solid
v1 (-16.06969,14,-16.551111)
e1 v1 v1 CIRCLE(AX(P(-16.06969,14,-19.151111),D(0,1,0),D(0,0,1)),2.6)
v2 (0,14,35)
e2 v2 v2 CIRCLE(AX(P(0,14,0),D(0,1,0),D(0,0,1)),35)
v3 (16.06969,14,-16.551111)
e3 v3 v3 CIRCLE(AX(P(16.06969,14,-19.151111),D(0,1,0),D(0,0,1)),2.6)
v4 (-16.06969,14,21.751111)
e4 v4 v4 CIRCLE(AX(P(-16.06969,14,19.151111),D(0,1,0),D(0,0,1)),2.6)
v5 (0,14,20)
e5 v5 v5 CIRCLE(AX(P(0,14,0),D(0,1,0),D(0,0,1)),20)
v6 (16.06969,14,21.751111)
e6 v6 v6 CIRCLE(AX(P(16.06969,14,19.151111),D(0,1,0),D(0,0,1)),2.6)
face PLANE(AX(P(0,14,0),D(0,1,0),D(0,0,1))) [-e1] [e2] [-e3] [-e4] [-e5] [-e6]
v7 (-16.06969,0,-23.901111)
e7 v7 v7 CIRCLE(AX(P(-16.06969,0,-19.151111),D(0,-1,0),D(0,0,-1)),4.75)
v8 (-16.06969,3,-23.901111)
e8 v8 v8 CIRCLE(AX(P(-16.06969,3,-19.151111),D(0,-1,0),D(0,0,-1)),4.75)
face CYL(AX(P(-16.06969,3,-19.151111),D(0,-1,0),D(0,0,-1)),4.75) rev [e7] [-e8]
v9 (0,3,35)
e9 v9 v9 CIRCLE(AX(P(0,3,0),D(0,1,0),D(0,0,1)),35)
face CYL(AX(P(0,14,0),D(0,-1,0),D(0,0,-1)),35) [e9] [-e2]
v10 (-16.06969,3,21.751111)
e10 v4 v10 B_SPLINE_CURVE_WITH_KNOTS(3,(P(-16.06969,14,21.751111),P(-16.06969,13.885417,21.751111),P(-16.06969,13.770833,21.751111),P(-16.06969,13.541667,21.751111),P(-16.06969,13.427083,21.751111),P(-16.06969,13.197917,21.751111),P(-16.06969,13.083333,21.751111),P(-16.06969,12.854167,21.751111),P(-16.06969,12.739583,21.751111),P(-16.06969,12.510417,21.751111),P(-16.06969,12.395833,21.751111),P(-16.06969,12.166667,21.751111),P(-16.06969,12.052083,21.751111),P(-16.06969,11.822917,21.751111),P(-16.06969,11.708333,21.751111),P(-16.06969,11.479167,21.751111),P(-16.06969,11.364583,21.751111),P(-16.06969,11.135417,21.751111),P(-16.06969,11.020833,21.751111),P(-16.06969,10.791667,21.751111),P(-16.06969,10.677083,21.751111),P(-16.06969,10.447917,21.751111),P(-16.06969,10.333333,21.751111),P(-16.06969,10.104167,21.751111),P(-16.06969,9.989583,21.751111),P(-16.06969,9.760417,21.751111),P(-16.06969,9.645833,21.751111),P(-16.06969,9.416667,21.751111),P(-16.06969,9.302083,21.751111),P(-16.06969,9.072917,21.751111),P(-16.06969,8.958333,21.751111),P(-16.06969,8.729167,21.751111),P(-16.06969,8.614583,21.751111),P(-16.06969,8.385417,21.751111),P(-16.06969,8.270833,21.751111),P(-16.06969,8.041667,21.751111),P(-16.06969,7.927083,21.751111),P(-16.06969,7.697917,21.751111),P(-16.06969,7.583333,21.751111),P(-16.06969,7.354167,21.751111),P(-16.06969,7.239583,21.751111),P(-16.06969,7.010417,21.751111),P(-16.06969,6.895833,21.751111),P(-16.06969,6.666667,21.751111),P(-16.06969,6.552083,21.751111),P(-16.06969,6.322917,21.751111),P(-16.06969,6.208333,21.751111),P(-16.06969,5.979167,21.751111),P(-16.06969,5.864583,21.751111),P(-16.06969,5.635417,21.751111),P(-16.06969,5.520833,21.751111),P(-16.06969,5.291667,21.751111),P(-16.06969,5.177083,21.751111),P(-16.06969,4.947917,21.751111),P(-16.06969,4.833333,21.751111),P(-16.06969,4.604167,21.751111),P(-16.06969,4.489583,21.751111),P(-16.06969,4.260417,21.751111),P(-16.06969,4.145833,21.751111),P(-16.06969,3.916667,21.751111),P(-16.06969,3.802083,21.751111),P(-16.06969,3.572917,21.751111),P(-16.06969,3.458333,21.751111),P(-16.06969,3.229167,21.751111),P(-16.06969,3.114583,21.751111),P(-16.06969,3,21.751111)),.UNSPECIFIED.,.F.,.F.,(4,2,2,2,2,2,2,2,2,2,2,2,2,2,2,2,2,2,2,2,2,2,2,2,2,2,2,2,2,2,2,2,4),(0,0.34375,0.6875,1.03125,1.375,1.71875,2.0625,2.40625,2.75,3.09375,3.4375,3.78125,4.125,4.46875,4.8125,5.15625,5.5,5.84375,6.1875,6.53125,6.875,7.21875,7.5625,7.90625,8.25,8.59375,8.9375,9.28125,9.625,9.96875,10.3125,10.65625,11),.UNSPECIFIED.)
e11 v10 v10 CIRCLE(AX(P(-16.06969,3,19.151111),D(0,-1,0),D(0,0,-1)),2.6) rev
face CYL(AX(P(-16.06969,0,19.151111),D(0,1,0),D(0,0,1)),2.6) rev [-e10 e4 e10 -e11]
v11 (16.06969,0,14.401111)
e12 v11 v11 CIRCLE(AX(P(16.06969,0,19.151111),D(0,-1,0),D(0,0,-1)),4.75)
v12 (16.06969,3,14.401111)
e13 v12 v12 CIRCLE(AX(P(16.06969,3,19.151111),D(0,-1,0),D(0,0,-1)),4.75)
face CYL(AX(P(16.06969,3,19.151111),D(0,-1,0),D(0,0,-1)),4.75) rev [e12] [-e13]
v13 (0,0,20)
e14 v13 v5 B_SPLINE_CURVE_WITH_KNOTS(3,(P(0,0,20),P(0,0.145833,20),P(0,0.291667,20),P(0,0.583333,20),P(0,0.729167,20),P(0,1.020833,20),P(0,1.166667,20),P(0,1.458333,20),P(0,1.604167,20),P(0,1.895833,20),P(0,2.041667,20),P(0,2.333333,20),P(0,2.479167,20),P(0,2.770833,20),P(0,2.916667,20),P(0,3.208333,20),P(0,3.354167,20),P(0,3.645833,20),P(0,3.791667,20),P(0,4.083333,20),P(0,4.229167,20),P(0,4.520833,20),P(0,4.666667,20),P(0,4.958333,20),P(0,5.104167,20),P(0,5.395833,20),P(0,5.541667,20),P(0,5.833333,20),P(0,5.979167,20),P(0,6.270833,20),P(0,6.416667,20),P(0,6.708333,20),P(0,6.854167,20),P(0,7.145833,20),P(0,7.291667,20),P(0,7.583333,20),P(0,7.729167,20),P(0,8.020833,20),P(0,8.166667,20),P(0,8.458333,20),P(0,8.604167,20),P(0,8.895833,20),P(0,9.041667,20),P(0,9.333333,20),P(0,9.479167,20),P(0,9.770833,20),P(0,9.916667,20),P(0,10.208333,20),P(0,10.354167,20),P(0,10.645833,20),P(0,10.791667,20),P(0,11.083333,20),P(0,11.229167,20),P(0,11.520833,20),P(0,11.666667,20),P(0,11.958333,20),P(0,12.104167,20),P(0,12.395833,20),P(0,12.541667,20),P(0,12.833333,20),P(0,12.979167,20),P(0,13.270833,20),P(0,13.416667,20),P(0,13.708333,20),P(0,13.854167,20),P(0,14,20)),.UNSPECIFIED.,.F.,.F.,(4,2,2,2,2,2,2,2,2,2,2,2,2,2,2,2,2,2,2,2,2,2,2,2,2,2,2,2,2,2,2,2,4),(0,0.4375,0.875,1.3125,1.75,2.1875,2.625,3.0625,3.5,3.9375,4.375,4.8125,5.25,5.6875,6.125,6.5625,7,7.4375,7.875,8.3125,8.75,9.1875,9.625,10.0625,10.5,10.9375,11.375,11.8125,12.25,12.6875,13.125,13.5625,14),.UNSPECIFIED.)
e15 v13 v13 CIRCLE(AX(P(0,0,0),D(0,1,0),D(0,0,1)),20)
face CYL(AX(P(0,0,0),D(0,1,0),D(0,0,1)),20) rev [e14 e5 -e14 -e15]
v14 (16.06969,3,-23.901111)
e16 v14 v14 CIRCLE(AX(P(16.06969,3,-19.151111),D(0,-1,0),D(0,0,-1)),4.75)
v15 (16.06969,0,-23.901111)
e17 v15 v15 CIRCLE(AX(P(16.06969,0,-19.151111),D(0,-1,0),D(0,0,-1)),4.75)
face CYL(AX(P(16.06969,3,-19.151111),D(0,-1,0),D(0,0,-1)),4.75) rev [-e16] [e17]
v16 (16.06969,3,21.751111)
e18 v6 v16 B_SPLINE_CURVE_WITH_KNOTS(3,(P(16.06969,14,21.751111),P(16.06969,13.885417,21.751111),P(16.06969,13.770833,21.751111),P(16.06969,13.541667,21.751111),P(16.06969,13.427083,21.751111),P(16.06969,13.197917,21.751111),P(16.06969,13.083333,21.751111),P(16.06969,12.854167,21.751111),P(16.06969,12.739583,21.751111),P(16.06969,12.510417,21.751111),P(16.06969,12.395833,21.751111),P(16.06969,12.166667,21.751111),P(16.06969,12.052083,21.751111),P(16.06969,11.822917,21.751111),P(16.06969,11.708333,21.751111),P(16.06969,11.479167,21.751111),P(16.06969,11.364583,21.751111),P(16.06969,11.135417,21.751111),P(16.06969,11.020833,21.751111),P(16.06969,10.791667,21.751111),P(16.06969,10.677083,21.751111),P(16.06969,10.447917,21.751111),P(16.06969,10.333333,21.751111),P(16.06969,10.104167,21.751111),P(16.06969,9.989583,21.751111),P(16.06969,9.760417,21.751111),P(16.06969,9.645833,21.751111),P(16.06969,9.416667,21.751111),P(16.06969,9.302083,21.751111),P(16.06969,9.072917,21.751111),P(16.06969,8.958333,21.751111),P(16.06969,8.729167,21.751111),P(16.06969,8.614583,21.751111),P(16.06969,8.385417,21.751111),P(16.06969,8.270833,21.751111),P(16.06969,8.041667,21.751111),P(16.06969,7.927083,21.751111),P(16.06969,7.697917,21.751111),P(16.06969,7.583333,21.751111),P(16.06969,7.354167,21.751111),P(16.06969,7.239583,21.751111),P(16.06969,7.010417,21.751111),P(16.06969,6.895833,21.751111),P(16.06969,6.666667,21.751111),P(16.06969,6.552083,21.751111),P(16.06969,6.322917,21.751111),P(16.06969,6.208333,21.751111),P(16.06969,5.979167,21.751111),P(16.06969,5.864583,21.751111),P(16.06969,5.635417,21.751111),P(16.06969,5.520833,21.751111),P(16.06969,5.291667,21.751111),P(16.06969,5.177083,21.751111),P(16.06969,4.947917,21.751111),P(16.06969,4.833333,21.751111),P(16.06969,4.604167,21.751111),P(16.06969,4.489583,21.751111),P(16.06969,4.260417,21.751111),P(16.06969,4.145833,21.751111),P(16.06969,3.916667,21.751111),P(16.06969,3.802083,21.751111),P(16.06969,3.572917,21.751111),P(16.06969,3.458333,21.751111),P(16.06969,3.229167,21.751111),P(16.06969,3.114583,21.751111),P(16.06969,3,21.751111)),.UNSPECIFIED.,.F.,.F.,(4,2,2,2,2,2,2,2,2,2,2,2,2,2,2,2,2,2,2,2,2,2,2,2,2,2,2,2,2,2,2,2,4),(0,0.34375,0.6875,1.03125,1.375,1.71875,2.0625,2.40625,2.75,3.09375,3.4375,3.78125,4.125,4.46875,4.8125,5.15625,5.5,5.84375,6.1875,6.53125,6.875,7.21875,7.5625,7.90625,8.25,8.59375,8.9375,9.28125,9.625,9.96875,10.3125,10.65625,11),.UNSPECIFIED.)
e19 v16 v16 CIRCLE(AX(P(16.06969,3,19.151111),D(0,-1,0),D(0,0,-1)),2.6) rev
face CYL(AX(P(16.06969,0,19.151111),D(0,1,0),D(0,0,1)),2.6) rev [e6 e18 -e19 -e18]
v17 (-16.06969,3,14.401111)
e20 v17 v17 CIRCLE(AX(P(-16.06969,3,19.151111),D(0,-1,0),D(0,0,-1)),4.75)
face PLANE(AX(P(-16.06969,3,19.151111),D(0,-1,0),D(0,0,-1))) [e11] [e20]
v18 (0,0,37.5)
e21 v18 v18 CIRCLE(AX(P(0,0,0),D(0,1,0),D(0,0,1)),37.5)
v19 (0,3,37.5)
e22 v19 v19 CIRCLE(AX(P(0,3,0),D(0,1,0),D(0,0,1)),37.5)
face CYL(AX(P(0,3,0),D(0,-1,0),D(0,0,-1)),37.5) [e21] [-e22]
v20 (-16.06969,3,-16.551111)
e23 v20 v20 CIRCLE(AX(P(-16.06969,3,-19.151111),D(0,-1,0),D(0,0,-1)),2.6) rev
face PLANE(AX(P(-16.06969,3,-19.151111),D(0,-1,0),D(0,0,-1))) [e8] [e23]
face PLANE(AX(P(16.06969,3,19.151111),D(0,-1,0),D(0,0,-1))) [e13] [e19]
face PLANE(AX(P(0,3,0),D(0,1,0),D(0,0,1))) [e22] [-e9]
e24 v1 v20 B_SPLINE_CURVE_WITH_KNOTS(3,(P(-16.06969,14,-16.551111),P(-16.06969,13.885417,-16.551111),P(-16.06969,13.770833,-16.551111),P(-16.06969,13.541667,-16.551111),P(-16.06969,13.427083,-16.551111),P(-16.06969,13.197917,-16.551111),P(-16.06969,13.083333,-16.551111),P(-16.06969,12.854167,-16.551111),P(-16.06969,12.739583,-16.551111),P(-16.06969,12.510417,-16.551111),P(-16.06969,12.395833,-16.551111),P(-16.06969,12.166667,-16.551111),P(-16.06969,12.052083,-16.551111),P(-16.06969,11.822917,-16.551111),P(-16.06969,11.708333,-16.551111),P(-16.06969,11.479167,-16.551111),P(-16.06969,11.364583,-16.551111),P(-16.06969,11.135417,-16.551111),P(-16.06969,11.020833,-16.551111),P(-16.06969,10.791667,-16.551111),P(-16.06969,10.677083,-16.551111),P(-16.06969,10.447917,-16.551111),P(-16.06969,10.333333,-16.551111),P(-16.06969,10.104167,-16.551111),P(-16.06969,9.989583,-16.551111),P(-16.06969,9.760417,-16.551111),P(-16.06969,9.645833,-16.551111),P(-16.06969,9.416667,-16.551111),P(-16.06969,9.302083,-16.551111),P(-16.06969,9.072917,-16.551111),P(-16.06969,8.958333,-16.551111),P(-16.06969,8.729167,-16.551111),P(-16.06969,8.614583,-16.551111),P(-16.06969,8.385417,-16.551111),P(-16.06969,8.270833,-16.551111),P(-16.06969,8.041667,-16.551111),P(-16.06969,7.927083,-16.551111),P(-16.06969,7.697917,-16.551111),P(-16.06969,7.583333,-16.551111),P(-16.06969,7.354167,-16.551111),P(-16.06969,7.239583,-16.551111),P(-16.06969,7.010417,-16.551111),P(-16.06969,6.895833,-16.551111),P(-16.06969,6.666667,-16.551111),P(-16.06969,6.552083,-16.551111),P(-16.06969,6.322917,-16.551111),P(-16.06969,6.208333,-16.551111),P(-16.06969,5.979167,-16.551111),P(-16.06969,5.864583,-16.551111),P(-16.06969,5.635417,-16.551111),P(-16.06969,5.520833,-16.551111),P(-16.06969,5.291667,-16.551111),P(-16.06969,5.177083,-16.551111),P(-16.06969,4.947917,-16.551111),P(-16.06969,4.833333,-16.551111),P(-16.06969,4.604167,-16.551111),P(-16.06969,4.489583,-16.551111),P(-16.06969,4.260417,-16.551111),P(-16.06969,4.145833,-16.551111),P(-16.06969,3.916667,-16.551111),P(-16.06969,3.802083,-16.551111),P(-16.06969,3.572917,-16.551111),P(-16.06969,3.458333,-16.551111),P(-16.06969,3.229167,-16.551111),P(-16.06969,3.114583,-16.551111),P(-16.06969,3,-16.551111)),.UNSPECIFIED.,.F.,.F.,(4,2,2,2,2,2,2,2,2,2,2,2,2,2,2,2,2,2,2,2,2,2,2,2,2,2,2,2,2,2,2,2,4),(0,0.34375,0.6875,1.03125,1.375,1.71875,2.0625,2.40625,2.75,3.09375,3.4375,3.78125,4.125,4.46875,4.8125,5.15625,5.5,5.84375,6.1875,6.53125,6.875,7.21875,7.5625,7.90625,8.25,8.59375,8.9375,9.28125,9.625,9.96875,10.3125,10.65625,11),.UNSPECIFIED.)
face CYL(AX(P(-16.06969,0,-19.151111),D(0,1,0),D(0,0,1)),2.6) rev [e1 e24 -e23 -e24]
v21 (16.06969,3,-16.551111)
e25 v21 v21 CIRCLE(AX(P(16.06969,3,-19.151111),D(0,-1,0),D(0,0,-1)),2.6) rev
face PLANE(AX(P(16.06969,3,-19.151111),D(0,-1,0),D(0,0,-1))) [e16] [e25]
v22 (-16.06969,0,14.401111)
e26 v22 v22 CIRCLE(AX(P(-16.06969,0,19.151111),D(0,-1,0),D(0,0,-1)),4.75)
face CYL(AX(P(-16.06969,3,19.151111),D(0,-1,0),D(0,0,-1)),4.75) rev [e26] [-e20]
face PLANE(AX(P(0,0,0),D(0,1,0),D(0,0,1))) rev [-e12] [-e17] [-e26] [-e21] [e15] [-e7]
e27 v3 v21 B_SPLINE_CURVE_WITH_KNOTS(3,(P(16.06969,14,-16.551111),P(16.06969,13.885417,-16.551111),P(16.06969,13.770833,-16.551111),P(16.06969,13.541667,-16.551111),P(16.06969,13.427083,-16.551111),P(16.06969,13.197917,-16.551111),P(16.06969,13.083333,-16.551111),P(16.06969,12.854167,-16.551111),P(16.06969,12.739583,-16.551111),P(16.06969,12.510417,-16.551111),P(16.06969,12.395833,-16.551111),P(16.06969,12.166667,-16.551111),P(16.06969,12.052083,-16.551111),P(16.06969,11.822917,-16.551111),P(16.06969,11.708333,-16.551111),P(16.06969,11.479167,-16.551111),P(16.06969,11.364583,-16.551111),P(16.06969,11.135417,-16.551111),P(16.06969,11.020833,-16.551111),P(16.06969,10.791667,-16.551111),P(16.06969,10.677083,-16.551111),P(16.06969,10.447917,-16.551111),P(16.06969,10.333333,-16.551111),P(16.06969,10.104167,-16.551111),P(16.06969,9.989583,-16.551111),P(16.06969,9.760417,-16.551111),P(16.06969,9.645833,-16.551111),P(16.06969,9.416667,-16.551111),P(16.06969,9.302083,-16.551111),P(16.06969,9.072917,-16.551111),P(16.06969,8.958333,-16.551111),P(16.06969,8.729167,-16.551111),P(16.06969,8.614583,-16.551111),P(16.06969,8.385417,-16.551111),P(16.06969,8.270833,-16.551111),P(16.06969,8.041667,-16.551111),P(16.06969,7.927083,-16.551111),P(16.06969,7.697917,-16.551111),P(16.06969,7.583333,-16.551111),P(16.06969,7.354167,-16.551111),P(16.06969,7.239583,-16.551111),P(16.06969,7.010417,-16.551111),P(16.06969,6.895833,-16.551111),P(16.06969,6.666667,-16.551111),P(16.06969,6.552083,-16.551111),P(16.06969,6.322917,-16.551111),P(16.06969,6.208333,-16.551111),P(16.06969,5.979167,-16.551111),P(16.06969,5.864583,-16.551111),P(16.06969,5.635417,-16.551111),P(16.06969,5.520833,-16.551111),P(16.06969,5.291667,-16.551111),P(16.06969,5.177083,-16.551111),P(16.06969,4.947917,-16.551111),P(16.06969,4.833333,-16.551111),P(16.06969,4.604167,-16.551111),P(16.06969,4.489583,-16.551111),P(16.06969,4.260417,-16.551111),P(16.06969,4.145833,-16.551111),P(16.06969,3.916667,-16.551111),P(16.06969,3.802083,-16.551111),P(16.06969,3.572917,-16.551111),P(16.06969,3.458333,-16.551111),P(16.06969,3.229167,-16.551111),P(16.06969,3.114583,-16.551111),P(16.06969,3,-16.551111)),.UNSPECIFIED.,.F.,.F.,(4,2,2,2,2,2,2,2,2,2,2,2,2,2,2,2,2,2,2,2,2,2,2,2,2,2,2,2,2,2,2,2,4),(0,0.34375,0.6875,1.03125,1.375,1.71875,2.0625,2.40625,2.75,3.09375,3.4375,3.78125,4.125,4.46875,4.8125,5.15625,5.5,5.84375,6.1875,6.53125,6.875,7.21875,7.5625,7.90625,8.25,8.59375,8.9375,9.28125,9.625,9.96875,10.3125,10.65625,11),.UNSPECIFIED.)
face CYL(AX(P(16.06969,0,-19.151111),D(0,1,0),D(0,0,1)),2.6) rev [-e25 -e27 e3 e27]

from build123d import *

# Parameters (mm, degrees)
SKETCH1_R           = 37.5
BOSS_EXTRUDE1_DEPTH = 3
SKETCH2_R           = 35
BOSS_EXTRUDE2_DEPTH = 11
SKETCH4_R           = 2.6
CUT_EXTRUDE2_DEPTH  = 55.849794895
SKETCH5_R           = 20
CUT_EXTRUDE3_DEPTH  = 55.849794895
SKETCH6_R           = 4.75
CUT_EXTRUDE4_DEPTH  = 3


with BuildPart() as part:
    # Sketch1 → Boss-Extrude1 (new body)
    with BuildSketch(Plane(origin=(0, 0, 0), x_dir=(1, 0, 0), z_dir=(0, 1, 0))):
        with Locations(Location((0, 0, 0), (0, 0, 270))):
            Circle(SKETCH1_R)
    extrude(amount=BOSS_EXTRUDE1_DEPTH)

    # Sketch2 → Boss-Extrude2 (add)
    with BuildSketch(Plane(origin=(0, 3, 0), x_dir=(1, 0, 0), z_dir=(0, 1, 0))):
        with Locations(Location((0, 0, 0), (0, 0, 270))):
            Circle(SKETCH2_R)
    extrude(amount=BOSS_EXTRUDE2_DEPTH)

    # Sketch4 → Cut-Extrude2 (cut, through all)
    with BuildSketch(Plane(origin=(0, 14, 0), x_dir=(1, 0, 0), z_dir=(0, 1, 0))):
        with Locations(Location((-16.069690242, 19.151111078, 0), (0, 0, 270))):
            Circle(SKETCH4_R)
        with Locations(Location((16.069690242, 19.151111078, 0), (0, 0, 270))):
            Circle(SKETCH4_R)
        with Locations(Location((16.069690242, -19.151111078, 0), (0, 0, 270))):
            Circle(SKETCH4_R)
        with Locations(Location((-16.069690242, -19.151111078, 0), (0, 0, 270))):
            Circle(SKETCH4_R)
    extrude(amount=-CUT_EXTRUDE2_DEPTH, mode=Mode.SUBTRACT)

    # Sketch5 → Cut-Extrude3 (cut, through all)
    with BuildSketch(Plane(origin=(0, 14, 0), x_dir=(1, 0, 0), z_dir=(0, 1, 0))):
        with Locations(Location((0, 0, 0), (0, 0, 270))):
            Circle(SKETCH5_R)
    extrude(amount=-CUT_EXTRUDE3_DEPTH, mode=Mode.SUBTRACT)

    # Sketch6 → Cut-Extrude4 (cut)
    with BuildSketch(Plane.XZ):
        with Locations(Location((16.069690242, -19.151111078, 0), (0, 0, 270))):
            Circle(SKETCH6_R)
        with Locations(Location((-16.069690242, -19.151111078, 0), (0, 0, 270))):
            Circle(SKETCH6_R)
        with Locations(Location((16.069690242, 19.151111078, 0), (0, 0, 270))):
            Circle(SKETCH6_R)
        with Locations(Location((-16.069690242, 19.151111078, 0), (0, 0, 270))):
            Circle(SKETCH6_R)
    extrude(amount=-CUT_EXTRUDE4_DEPTH, mode=Mode.SUBTRACT)


solid = part.part
